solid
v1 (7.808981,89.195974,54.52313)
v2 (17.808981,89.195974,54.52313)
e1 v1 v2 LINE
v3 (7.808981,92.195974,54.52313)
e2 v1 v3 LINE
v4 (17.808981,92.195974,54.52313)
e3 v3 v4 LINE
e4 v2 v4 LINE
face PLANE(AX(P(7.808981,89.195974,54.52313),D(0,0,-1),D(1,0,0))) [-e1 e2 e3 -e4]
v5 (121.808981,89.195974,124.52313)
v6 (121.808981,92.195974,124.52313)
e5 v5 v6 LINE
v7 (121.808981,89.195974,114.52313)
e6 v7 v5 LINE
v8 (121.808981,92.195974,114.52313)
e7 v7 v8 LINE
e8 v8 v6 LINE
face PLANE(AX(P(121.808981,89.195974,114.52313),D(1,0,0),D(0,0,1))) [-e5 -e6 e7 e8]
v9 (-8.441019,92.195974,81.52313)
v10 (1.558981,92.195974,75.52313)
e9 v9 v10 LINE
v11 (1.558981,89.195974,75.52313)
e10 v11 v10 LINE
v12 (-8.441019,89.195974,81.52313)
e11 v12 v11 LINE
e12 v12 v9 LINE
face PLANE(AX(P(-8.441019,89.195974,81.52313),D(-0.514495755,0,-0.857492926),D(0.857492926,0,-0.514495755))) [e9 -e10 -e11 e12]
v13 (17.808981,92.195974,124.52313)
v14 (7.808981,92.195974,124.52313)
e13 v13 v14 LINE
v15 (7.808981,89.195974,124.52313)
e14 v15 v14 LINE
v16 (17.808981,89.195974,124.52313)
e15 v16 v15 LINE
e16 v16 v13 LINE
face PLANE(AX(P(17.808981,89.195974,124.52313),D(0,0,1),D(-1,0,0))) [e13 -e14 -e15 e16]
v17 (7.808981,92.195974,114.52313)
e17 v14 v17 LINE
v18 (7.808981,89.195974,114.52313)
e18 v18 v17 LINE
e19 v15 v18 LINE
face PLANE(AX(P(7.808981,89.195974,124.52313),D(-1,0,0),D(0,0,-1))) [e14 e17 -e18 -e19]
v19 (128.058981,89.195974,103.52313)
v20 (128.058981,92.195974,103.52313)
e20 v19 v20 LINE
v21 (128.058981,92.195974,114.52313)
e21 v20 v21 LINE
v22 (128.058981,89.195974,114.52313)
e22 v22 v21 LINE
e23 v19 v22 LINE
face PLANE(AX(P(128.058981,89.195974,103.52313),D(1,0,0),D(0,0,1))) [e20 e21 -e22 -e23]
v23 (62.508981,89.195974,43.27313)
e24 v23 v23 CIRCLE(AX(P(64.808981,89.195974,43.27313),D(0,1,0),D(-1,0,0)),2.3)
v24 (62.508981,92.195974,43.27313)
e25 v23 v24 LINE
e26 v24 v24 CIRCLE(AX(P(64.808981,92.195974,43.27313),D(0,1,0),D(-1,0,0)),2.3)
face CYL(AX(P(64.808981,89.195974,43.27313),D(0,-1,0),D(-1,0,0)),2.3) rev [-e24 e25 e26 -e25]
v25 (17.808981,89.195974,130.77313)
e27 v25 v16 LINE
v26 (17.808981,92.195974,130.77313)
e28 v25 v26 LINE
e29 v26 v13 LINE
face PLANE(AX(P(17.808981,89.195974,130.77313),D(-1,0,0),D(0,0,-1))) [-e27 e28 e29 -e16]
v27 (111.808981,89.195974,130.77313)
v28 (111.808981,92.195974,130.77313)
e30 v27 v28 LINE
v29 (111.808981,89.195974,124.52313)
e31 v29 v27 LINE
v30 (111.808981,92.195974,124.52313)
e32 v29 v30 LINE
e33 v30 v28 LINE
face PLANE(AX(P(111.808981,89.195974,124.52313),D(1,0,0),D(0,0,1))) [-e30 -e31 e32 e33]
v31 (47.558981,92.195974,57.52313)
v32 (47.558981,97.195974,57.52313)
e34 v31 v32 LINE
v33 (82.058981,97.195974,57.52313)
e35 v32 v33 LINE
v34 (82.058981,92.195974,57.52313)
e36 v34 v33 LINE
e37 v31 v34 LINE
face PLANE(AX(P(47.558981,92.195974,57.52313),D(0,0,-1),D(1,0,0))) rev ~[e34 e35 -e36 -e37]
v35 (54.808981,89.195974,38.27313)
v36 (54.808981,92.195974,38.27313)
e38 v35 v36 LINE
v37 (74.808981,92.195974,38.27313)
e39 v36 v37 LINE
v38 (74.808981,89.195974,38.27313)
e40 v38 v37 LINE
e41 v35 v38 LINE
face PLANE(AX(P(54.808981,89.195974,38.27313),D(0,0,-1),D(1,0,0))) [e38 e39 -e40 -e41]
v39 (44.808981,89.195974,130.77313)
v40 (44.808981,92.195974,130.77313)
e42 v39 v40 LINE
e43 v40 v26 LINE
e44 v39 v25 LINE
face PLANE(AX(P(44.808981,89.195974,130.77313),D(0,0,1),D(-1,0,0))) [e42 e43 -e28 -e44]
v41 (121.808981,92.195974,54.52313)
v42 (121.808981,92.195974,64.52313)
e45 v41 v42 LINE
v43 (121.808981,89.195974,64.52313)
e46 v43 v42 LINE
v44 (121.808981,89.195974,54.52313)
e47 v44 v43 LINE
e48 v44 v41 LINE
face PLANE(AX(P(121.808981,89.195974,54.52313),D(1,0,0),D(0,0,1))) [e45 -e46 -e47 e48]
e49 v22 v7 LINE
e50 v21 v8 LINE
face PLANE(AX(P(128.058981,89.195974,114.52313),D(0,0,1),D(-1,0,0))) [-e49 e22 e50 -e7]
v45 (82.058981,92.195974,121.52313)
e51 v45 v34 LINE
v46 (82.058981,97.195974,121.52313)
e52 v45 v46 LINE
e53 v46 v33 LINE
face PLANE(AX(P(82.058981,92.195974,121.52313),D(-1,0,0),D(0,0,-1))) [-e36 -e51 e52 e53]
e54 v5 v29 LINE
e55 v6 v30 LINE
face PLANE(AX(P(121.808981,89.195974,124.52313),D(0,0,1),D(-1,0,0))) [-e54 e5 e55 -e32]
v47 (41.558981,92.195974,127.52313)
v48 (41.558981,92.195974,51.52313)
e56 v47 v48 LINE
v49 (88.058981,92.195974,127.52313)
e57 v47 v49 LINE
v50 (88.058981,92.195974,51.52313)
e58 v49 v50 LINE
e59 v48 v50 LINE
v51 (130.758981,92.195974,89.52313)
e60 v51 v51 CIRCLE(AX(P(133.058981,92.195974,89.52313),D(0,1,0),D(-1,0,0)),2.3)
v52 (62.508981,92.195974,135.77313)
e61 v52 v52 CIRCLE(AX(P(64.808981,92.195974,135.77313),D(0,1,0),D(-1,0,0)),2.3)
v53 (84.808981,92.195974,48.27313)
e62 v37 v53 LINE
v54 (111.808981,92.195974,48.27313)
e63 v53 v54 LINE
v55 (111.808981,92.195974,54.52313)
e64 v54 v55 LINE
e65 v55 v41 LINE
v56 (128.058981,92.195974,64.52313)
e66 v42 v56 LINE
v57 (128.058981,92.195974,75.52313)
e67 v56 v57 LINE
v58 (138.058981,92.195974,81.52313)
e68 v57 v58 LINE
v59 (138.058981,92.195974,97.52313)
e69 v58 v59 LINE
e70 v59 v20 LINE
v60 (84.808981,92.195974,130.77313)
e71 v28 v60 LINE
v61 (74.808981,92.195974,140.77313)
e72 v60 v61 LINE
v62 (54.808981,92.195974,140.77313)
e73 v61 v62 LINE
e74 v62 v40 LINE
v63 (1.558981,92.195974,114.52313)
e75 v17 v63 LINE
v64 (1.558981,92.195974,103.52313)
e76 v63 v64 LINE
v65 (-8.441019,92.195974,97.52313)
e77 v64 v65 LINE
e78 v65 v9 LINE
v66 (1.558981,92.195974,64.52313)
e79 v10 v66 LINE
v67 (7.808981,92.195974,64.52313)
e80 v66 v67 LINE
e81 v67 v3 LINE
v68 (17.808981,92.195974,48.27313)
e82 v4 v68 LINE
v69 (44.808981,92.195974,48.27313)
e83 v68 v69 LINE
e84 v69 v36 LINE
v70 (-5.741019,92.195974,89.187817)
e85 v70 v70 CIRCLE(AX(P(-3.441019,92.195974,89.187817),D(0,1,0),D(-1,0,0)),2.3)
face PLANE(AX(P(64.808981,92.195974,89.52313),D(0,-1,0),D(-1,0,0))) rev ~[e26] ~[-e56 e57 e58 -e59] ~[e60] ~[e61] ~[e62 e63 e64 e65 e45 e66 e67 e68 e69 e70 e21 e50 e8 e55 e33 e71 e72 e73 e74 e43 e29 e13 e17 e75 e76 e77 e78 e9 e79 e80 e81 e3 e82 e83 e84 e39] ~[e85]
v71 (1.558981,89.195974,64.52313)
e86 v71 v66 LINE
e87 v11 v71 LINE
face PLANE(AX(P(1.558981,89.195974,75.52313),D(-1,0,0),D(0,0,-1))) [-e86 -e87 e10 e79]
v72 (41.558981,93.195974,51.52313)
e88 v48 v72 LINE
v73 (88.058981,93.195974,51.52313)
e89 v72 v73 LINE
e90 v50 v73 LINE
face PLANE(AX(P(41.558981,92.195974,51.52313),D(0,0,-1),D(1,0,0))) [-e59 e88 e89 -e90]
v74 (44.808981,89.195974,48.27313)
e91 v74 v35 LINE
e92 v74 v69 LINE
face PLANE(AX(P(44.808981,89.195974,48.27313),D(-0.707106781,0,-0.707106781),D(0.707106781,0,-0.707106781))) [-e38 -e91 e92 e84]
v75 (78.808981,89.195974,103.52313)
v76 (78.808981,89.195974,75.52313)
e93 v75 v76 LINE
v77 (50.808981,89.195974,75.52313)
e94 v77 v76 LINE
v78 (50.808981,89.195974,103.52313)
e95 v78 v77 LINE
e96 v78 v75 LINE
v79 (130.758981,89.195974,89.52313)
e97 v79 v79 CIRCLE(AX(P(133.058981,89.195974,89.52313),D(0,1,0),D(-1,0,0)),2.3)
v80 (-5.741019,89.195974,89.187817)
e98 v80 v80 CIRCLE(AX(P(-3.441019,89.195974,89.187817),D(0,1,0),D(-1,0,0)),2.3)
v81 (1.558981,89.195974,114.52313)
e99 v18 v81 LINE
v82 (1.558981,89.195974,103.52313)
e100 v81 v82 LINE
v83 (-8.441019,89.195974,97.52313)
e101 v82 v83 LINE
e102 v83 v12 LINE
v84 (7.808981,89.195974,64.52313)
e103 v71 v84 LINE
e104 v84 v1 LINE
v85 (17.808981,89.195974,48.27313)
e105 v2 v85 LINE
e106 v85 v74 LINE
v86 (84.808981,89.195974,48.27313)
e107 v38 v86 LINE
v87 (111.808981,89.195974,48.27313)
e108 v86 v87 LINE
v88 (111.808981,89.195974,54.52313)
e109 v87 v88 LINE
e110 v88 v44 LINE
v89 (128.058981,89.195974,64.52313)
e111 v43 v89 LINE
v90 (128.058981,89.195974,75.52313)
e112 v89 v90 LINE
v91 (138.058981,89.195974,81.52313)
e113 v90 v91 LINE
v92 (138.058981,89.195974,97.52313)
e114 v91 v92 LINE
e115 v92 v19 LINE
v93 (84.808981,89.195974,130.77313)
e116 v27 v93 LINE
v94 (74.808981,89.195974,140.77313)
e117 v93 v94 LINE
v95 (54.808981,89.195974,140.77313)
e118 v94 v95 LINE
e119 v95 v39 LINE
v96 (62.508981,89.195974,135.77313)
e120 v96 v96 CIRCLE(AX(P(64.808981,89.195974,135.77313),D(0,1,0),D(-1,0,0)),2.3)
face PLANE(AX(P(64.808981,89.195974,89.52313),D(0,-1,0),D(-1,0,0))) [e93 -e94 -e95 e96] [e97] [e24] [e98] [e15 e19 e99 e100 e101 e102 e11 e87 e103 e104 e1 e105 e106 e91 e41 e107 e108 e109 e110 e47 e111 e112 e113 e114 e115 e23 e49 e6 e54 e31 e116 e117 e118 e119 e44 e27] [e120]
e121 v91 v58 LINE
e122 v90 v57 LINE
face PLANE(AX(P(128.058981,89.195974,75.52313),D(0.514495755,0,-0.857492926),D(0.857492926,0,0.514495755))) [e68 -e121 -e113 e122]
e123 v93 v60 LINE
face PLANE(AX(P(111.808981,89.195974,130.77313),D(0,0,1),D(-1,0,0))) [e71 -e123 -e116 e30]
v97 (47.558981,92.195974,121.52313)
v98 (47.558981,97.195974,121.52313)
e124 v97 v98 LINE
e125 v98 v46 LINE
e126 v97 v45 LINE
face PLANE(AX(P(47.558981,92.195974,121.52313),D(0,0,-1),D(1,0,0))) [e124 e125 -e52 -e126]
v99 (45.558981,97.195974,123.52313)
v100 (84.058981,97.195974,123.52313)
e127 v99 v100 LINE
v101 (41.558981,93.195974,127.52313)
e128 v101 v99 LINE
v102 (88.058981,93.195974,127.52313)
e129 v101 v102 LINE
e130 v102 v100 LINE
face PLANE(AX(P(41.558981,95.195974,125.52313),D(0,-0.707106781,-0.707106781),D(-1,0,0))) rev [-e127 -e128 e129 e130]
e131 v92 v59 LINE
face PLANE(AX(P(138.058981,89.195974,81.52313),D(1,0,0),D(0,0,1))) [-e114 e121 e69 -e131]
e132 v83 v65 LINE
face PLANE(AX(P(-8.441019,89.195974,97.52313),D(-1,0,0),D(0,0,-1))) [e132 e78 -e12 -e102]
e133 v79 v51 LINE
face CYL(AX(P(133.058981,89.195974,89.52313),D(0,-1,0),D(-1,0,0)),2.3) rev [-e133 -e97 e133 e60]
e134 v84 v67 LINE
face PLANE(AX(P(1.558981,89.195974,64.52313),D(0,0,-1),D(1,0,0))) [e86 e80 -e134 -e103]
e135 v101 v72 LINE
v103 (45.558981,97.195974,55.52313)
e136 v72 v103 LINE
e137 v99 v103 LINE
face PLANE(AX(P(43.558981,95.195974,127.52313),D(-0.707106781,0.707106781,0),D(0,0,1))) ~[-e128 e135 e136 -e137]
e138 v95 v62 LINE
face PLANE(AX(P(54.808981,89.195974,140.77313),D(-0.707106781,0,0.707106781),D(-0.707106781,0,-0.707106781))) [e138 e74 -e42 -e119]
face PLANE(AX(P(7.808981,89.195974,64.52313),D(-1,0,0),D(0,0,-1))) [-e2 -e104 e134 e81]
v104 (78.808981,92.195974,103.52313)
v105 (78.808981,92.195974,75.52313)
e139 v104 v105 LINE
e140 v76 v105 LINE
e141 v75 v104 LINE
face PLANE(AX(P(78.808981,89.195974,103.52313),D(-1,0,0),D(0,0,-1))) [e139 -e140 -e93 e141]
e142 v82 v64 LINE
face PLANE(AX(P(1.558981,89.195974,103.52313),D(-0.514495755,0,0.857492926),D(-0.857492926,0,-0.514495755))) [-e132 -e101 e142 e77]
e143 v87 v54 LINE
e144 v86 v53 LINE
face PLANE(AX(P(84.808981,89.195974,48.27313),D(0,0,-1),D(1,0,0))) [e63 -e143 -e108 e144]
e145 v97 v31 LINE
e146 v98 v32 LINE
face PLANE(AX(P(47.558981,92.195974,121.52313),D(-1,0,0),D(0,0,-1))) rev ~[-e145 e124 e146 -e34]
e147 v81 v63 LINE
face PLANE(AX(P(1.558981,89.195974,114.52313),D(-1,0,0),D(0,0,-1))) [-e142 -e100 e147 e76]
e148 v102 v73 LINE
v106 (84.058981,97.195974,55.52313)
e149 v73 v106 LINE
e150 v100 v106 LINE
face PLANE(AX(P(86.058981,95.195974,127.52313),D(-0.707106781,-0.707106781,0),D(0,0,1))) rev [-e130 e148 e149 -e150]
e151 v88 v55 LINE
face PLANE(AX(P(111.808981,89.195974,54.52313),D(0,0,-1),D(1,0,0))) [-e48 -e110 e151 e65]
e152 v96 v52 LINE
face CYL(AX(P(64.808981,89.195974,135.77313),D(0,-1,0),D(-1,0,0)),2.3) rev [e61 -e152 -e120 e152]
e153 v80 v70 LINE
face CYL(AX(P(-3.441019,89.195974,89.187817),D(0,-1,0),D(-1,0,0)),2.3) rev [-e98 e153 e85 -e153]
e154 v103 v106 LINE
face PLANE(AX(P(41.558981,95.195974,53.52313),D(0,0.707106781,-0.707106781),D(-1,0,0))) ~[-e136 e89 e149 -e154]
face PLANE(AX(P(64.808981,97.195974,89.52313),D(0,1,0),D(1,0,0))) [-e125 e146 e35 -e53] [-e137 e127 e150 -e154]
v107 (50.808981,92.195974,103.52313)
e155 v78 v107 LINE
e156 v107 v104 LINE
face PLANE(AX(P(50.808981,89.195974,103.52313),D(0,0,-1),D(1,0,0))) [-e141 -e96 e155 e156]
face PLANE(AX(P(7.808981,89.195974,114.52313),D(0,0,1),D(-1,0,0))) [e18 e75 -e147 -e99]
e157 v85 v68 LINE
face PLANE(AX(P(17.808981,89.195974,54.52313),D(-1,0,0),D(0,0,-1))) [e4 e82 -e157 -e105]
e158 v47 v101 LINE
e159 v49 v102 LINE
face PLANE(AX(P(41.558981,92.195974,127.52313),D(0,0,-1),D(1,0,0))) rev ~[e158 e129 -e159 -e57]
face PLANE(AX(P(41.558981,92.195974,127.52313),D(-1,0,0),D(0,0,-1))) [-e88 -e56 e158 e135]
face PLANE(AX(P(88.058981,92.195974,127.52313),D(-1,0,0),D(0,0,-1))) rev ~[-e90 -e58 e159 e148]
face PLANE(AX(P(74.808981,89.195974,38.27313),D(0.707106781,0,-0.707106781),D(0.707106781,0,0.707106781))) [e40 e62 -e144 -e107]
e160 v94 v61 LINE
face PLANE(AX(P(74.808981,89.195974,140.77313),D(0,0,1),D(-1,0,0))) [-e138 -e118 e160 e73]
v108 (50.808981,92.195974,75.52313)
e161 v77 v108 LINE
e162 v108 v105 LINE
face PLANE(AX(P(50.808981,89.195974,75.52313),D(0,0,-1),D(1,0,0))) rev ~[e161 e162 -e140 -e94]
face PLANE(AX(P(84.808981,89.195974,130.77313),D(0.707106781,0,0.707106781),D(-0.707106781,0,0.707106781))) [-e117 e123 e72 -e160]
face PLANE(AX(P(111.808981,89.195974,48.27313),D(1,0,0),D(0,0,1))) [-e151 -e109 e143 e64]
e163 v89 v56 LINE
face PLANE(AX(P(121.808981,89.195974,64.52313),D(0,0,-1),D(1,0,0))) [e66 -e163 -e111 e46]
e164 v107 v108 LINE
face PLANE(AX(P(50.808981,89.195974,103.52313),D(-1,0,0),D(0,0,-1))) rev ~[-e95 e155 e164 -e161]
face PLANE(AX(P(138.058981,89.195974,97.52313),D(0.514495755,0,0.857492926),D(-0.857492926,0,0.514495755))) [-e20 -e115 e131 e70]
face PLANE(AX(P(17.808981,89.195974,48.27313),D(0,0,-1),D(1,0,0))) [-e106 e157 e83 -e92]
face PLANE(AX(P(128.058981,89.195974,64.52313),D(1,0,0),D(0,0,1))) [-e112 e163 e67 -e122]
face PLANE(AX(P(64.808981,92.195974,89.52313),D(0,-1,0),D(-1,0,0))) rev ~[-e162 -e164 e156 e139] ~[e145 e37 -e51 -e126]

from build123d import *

# Parameters (mm, degrees)
SKETCH_1_R      = 2.3
SKETCH_1_W      = 28
SKETCH_1_H      = 28
EXTRUDE_1_DEPTH = 3
SKETCH_2_W      = 46.5
SKETCH_2_H      = 76
SKETCH_2_W_2    = 34.5
SKETCH_2_H_2    = 64
EXTRUDE_2_DEPTH = 5
CHAMFER_1_SIZE  = 4


with BuildPart() as part:
    # Эскиз1 → Бобышка-Вытянуть1 (new body)
    with BuildSketch(Plane(origin=(0, 89.195974268, 0), x_dir=(1, 0, 0), z_dir=(0, 1, 0))):
        Polygon((44.808980694, -48.273129836), (54.808980694, -38.273129836), (74.808980694, -38.273129836), (84.808980694, -48.273129836), (111.808980694, -48.273129836), (111.808980694, -54.523129836), (121.808980694, -54.523129836), (121.808980694, -64.523129836), (128.058980694, -64.523129836), (128.058980694, -75.523129836), (138.058980694, -81.523129836), (138.058980694, -97.523129836), (128.058980694, -103.523129836), (128.058980694, -114.523129836), (121.808980694, -114.523129836), (121.808980694, -124.523129836), (111.808980694, -124.523129836), (111.808980694, -130.773129836), (84.808980694, -130.773129836), (74.808980694, -140.773129836), (54.808980694, -140.773129836), (44.808980694, -130.773129836), (17.808980694, -130.773129836), (17.808980694, -124.523129836), (7.808980694, -124.523129836), (7.808980694, -114.523129836), (1.558980694, -114.523129836), (1.558980694, -103.523129836), (-8.441019306, -97.523129836), (-8.441019306, -81.523129836), (1.558980694, -75.523129836), (1.558980694, -64.523129836), (7.808980694, -64.523129836), (7.808980694, -54.523129836), (17.808980694, -54.523129836), (17.808980694, -48.273129836), align=None)
        with Locations(Location((-3.441019306, -89.187817333, 0), (0, 0, 180))):
            Circle(SKETCH_1_R, mode=Mode.SUBTRACT)
        with Locations(Location((64.808980694, -43.273129836, 0), (0, 0, 180))):
            Circle(SKETCH_1_R, mode=Mode.SUBTRACT)
        with Locations(Location((133.058980694, -89.523129836, 0), (0, 0, 180))):
            Circle(SKETCH_1_R, mode=Mode.SUBTRACT)
        with Locations(Location((64.808980694, -135.773129836, 0), (0, 0, 180))):
            Circle(SKETCH_1_R, mode=Mode.SUBTRACT)
        with Locations((64.808980694, -89.523129836)):
            Rectangle(SKETCH_1_W, SKETCH_1_H, mode=Mode.SUBTRACT)
    extrude(amount=EXTRUDE_1_DEPTH)

    # Эскиз2 → Бобышка-Вытянуть2 (add)
    with BuildSketch(Plane(origin=(0, 92.195974268, 0), x_dir=(1, 0, 0), z_dir=(0, 1, 0))):
        with Locations((64.808980694, -89.523129836)):
            Rectangle(SKETCH_2_W, SKETCH_2_H)
        with Locations((64.808980694, -89.523129836)):
            Rectangle(SKETCH_2_W_2, SKETCH_2_H_2, mode=Mode.SUBTRACT)
    extrude(amount=EXTRUDE_2_DEPTH)

    # Фаска1
    chamfer_1_edges = [part.edges().sort_by_distance(p)[0] for p in [
        (41.558980694, 97.195974268, 89.523129836),
        (64.808980694, 97.195974268, 127.523129836),
        (88.058980694, 97.195974268, 89.523129836),
        (64.808980694, 97.195974268, 51.523129836),
    ]]
    chamfer(chamfer_1_edges, length=CHAMFER_1_SIZE)


solid = part.part
